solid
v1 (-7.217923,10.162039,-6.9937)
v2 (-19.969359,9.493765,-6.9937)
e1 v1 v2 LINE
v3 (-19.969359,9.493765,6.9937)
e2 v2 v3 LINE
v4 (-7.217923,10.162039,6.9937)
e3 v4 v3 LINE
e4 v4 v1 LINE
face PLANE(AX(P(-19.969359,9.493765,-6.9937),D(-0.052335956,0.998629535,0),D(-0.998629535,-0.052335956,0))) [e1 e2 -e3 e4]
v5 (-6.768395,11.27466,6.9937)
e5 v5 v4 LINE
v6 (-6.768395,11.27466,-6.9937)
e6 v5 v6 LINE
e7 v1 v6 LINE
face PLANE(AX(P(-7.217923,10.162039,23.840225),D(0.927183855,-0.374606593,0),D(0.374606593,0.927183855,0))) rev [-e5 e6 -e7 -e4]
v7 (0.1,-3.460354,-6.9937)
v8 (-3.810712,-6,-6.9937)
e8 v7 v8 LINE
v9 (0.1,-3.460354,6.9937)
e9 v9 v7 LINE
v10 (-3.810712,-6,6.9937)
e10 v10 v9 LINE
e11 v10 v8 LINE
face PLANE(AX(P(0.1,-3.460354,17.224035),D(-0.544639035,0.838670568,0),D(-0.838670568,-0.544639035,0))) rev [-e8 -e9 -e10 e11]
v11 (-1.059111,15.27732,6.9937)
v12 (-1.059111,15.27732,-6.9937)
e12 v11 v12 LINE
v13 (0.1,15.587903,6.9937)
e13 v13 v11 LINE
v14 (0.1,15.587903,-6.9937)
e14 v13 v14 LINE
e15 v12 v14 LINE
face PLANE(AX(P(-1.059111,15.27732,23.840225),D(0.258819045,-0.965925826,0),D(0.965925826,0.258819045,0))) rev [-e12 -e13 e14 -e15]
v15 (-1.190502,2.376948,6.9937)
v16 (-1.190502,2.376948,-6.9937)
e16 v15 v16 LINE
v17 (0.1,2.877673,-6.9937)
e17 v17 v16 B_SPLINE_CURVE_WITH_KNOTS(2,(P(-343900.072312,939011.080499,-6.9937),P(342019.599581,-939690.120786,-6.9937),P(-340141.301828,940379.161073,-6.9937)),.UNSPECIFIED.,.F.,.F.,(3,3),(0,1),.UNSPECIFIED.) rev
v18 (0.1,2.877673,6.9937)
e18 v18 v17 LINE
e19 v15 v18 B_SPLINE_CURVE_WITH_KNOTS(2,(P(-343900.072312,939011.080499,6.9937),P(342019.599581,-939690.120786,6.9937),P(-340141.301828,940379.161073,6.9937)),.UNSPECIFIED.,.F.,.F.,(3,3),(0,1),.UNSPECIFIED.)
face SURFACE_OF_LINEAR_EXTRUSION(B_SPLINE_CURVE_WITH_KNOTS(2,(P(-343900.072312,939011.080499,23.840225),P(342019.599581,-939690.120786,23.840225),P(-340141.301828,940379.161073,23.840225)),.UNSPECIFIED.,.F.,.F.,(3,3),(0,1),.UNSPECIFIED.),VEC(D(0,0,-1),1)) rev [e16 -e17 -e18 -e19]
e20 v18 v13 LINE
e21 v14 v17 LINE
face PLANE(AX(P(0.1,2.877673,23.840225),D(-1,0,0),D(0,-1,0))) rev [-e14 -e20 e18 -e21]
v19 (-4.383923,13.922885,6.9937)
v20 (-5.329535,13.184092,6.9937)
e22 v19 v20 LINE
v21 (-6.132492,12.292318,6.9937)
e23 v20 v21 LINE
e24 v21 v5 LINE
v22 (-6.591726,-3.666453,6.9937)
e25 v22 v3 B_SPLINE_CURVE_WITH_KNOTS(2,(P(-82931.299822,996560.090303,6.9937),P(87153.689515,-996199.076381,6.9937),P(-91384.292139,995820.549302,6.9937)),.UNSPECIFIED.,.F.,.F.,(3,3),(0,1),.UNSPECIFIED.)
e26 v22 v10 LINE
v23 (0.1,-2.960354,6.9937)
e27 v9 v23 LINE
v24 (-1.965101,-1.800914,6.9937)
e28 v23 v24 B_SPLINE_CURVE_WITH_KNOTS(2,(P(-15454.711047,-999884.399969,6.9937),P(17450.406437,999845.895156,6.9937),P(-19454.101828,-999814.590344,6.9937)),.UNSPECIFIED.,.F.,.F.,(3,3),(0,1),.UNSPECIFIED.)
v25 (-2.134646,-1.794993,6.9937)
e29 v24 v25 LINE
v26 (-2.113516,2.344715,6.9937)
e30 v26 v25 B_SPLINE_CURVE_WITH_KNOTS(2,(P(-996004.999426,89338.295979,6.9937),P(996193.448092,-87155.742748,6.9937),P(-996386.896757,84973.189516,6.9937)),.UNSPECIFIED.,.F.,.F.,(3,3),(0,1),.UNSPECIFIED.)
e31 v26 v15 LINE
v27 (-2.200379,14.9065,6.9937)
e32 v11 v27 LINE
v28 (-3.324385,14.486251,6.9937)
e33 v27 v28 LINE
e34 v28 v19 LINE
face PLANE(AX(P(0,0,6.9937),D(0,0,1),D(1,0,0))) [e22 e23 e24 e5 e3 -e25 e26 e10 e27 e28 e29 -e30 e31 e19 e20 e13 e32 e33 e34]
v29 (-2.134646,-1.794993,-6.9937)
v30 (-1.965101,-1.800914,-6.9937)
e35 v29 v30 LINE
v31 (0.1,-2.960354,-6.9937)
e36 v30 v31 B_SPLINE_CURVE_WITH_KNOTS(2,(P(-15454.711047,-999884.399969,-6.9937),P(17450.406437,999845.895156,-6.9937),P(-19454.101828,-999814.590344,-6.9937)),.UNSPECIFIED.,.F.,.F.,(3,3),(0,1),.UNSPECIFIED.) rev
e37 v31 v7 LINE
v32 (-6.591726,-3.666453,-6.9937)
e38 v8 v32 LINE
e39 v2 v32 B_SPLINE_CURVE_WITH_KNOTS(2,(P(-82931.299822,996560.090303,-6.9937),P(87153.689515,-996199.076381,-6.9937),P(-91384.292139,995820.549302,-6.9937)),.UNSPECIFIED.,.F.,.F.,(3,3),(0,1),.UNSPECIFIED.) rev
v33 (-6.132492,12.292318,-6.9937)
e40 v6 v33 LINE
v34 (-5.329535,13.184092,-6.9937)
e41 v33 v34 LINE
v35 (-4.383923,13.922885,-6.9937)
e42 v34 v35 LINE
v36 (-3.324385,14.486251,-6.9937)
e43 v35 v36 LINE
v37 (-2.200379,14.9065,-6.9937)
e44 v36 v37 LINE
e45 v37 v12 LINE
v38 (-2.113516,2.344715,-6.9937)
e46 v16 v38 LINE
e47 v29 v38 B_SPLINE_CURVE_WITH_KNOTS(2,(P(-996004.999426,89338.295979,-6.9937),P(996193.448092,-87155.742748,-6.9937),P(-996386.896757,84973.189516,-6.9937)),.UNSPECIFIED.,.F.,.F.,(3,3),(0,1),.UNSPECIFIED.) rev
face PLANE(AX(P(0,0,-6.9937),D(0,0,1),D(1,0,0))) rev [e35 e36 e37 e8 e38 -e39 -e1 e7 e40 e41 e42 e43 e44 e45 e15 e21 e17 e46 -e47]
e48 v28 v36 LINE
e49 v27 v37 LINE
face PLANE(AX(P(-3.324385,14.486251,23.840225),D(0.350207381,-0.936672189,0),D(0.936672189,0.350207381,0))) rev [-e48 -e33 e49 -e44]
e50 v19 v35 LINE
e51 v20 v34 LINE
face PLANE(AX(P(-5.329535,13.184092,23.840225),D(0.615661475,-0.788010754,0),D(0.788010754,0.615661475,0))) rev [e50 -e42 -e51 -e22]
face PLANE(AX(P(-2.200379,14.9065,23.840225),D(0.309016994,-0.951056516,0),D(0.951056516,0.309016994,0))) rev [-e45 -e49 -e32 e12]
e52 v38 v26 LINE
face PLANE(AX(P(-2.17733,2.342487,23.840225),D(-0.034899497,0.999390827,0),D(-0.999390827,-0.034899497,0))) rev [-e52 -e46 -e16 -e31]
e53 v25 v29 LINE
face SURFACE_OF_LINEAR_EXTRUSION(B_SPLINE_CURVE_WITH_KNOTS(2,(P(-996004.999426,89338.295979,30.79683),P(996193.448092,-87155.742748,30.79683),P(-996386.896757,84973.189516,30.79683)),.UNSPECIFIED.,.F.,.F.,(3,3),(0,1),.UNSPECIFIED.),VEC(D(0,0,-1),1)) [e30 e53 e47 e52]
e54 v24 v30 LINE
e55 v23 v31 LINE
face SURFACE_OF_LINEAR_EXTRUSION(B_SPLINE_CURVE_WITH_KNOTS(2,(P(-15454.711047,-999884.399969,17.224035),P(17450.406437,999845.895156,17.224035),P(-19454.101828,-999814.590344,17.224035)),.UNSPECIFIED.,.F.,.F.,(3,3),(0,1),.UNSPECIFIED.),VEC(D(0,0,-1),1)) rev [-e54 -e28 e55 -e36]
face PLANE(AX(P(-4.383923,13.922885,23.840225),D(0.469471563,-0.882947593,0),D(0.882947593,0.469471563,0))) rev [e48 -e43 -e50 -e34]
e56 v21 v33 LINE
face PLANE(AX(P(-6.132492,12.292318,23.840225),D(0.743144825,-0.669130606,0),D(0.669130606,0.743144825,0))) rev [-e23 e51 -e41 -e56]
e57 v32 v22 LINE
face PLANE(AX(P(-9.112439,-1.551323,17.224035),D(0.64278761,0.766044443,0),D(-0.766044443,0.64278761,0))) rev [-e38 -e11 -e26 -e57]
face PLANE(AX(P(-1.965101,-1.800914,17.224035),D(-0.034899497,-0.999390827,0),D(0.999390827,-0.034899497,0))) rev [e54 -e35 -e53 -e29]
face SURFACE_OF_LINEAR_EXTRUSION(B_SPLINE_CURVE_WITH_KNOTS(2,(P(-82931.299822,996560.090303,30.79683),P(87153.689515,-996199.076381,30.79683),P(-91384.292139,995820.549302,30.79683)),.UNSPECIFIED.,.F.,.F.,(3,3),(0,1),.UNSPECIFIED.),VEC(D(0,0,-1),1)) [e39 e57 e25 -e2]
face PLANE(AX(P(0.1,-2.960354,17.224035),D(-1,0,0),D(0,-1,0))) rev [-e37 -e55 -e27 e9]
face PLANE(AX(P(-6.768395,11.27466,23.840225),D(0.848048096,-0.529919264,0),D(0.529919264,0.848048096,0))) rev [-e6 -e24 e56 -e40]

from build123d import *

# Parameters (mm, degrees)
CROQUIS_BASE_DEPTH              = 6.9937
LENTE_PPAL_1_REACH              = 29.176
LENTE_PPAL_1_DIRECTION_2_REACH  = 29.176
LENTE_PPAL_2_DEPTH              = 28.175928622
LENTE_PPAL_2_DEPTH_BACK         = 28.175928622
CROQUIS9_3_OUTSIDE_W            = 30.065
CROQUIS9_3_OUTSIDE_H            = 25.937
LENTE_FRONTAL_REACH             = 25.403
LENTE_FRONTAL_DIRECTION_2_REACH = 25.403
LENTE_TRASERA_REACH             = 28.281
LENTE_TRASERA_DIRECTION_2_REACH = 28.281


with BuildPart() as part:
    # Croquis1 → croquis base (new, symmetric)
    with BuildSketch(Plane.XY):
        with BuildLine():
            Line((-6.994875026, 10.477389992), (-8.981845695, 12.608155172))
            Line((-8.981845695, 12.608155172), (-23.035921146, 11.871612288))
            Line((-23.035921146, 11.871612288), (-23.035921146, 11.54013782))
            ThreePointArc((-23.035921146, 11.54013782), (-20.949684518, 9.582335705), (-18.945192114, 7.540918896))
            add(Edge.make_bspline(
                [(-18.945192114, 7.540918896), (-10.215008384, -3.697644103), (-2.846604825, -5.059081104)],
                knots=[0.497667241, 0.497667241, 0.497667241, 0.49955428, 0.49955428, 0.49955428], degree=2))
            add(Edge.make_bspline(
                [(-2.846604825, -5.059081104), (-2.498165198, -4.87297933), (-2.177330417, -4.684462446)],
                knots=[0.498812075, 0.498812075, 0.498812075, 0.498911556, 0.498911556, 0.498911556], degree=2))
            Line((-2.177330418, -4.684462446), (-2.177330418, 6.186438919))
            add(Edge.make_bspline(
                [(-2.177330418, 6.186438919), (-4.063319702, 8.141636997), (-6.994875026, 10.477389992)],
                knots=[0.50138293, 0.50138293, 0.50138293, 0.502013312, 0.502013312, 0.502013312], degree=2))
        make_face()
    extrude(amount=CROQUIS_BASE_DEPTH, both=True)

    # lente ppal 1: up to this face of the body (flat: up to its plane)
    lente_ppal_1_end = Plane(part.part.faces().sort_by_distance((-10.153546236, 5.159655324, 6.9937))[0])
    # Croquis9 → lente ppal 1 (add, up to the picked face)
    with BuildSketch(Plane.XY, mode=Mode.PRIVATE) as lente_ppal_1_sk1:
        with BuildLine():
            Line((-2.177330418, -4.388282022), (-2.177330418, -1.840420572))
            add(Edge.make_bspline(
                [(-2.177330418, 2.424232079), (-0.304369248, 0.128042884), (-2.177330418, -1.840420572)],
                knots=[0, 0, 0, 1, 1, 1], degree=2))
            Line((-2.177330418, 2.424232079), (-2.177330418, 6.082860828))
            Line((-2.177330418, 6.082860828), (-10.309820395, 10))
            Line((-10.309820395, 10), (-19.969359014, 9.493765032))
            add(Edge.make_bspline(
                [(-2.177330418, -4.388282022), (-10.4130765, -4.994158739), (-19.969359014, 9.493765032)],
                knots=[0, 0, 0, 1, 1, 1], degree=2))
        make_face()
    lente_ppal_1_tool1 = split(extrude(lente_ppal_1_sk1.sketch, amount=LENTE_PPAL_1_REACH, mode=Mode.PRIVATE), bisect_by=lente_ppal_1_end, keep=Keep.BOTH, mode=Mode.PRIVATE)
    add(lente_ppal_1_tool1.solids().sort_by(Axis((-9.106368, 3.599172, 0), (0, 0, 1)))[0])

    # lente ppal 1 direction 2: up to this face of the body (flat: up to its plane)
    lente_ppal_1_direction_2_end = Plane(part.part.faces().sort_by_distance((-10.153546236, 5.159655324, -6.9937))[0])
    # Croquis9 → lente ppal 1 direction 2 (add, up to the picked face)
    with BuildSketch(Plane.XY, mode=Mode.PRIVATE) as lente_ppal_1_direction_2_sk1:
        with BuildLine():
            Line((-2.177330418, -4.388282022), (-2.177330418, -1.840420572))
            add(Edge.make_bspline(
                [(-2.177330418, 2.424232079), (-0.304369248, 0.128042884), (-2.177330418, -1.840420572)],
                knots=[0, 0, 0, 1, 1, 1], degree=2))
            Line((-2.177330418, 2.424232079), (-2.177330418, 6.082860828))
            Line((-2.177330418, 6.082860828), (-10.309820395, 10))
            Line((-10.309820395, 10), (-19.969359014, 9.493765032))
            add(Edge.make_bspline(
                [(-2.177330418, -4.388282022), (-10.4130765, -4.994158739), (-19.969359014, 9.493765032)],
                knots=[0, 0, 0, 1, 1, 1], degree=2))
        make_face()
    lente_ppal_1_direction_2_tool1 = split(extrude(lente_ppal_1_direction_2_sk1.sketch, amount=-LENTE_PPAL_1_DIRECTION_2_REACH, mode=Mode.PRIVATE), bisect_by=lente_ppal_1_direction_2_end, keep=Keep.BOTH, mode=Mode.PRIVATE)
    add(lente_ppal_1_direction_2_tool1.solids().sort_by(Axis((-9.106368, 3.599172, 0), (0, 0, -1)))[0])

    # Croquis9<3> outside → lente ppal 2 (cut, two sides: drawn at the far end of the back side and taken through both)
    with BuildSketch(Plane.XY.offset(-LENTE_PPAL_2_DEPTH_BACK)):
        with Locations((-12.1385, 3.7745)):
            Rectangle(CROQUIS9_3_OUTSIDE_W, CROQUIS9_3_OUTSIDE_H)
        with BuildLine():
            Line((-2.177330418, -1.840420572), (-2.177330418, -4.388282022))
            add(Edge.make_bspline(
                [(-2.177330418, -4.388282022), (-10.4130765, -4.994158739), (-19.969359014, 9.493765032)],
                knots=[0, 0, 0, 1, 1, 1], degree=2))
            Line((-19.969359014, 9.493765032), (-10.309820395, 10))
            Line((-10.309820395, 10), (-2.177330418, 6.082860828))
            Line((-2.177330418, 6.082860828), (-2.177330418, 2.424232079))
            add(Edge.make_bspline(
                [(-2.177330418, 2.424232079), (-0.304369248, 0.128042884), (-2.177330418, -1.840420572)],
                knots=[0, 0, 0, 1, 1, 1], degree=2))
        make_face(mode=Mode.SUBTRACT)
    extrude(amount=LENTE_PPAL_2_DEPTH + LENTE_PPAL_2_DEPTH_BACK, mode=Mode.SUBTRACT)

    # lente frontal: up to this face of the body (flat: up to its plane)
    lente_frontal_end = Plane(part.part.faces().sort_by_distance((-9.106367081, 3.599171888, 6.9937))[0])
    # Croquis8 → lente frontal (add, up to the picked face)
    with BuildSketch(Plane.XY, mode=Mode.PRIVATE) as lente_frontal_sk1:
        with BuildLine():
            Line((0.1, 2.877673418), (0.1, 15.587903347))
            Line((0.1, 15.587903347), (-1.059110992, 15.277320493))
            Line((-1.059110992, 15.277320493), (-2.200378811, 14.9065001))
            Line((-2.200378811, 14.9065001), (-3.324385438, 14.486251242))
            Line((-3.324385438, 14.486251242), (-4.38392255, 13.922885367))
            Line((-4.38392255, 13.922885367), (-5.329535454, 13.184091597))
            Line((-5.329535454, 13.184091597), (-6.132492182, 12.292317806))
            Line((-6.132492182, 12.292317806), (-6.768395299, 11.274660091))
            Line((-6.768395299, 11.274660091), (-7.217923211, 10.162039465))
            Line((-7.217923211, 10.162039465), (-10.309820395, 10))
            Line((-10.309820395, 10), (-2.177330418, 2.342487007))
            Line((-2.177330418, 2.342487007), (-1.190501641, 2.376947827))
            add(Edge.make_bspline(
                [(-1.190501641, 2.376947827), (-0.463368169, 2.402339888), (0.1, 2.877673418)],
                knots=[0, 0, 0, 1, 1, 1], degree=2))
        make_face()
    lente_frontal_tool1 = split(extrude(lente_frontal_sk1.sketch, amount=LENTE_FRONTAL_REACH, mode=Mode.PRIVATE), bisect_by=lente_frontal_end, keep=Keep.BOTH, mode=Mode.PRIVATE)
    add(lente_frontal_tool1.solids().sort_by(Axis((-3.290182, 8.96302, 0), (0, 0, 1)))[0])

    # lente frontal direction 2: up to this face of the body (flat: up to its plane)
    lente_frontal_direction_2_end = Plane(part.part.faces().sort_by_distance((-9.106367081, 3.599171888, -6.9937))[0])
    # Croquis8 → lente frontal direction 2 (add, up to the picked face)
    with BuildSketch(Plane.XY, mode=Mode.PRIVATE) as lente_frontal_direction_2_sk1:
        with BuildLine():
            Line((0.1, 2.877673418), (0.1, 15.587903347))
            Line((0.1, 15.587903347), (-1.059110992, 15.277320493))
            Line((-1.059110992, 15.277320493), (-2.200378811, 14.9065001))
            Line((-2.200378811, 14.9065001), (-3.324385438, 14.486251242))
            Line((-3.324385438, 14.486251242), (-4.38392255, 13.922885367))
            Line((-4.38392255, 13.922885367), (-5.329535454, 13.184091597))
            Line((-5.329535454, 13.184091597), (-6.132492182, 12.292317806))
            Line((-6.132492182, 12.292317806), (-6.768395299, 11.274660091))
            Line((-6.768395299, 11.274660091), (-7.217923211, 10.162039465))
            Line((-7.217923211, 10.162039465), (-10.309820395, 10))
            Line((-10.309820395, 10), (-2.177330418, 2.342487007))
            Line((-2.177330418, 2.342487007), (-1.190501641, 2.376947827))
            add(Edge.make_bspline(
                [(-1.190501641, 2.376947827), (-0.463368169, 2.402339888), (0.1, 2.877673418)],
                knots=[0, 0, 0, 1, 1, 1], degree=2))
        make_face()
    lente_frontal_direction_2_tool1 = split(extrude(lente_frontal_direction_2_sk1.sketch, amount=-LENTE_FRONTAL_DIRECTION_2_REACH, mode=Mode.PRIVATE), bisect_by=lente_frontal_direction_2_end, keep=Keep.BOTH, mode=Mode.PRIVATE)
    add(lente_frontal_direction_2_tool1.solids().sort_by(Axis((-3.290182, 8.96302, 0), (0, 0, -1)))[0])

    # lente trasera: up to this face of the body (flat: up to its plane)
    lente_trasera_end = Plane(part.part.faces().sort_by_distance((-7.357064552, 5.305385386, 6.9937))[0])
    # Croquis11 → lente trasera (add, up to the picked face)
    with BuildSketch(Plane.XY, mode=Mode.PRIVATE) as lente_trasera_sk1:
        with BuildLine():
            Line((0.1, -2.960353775), (0.1, -3.460353775))
            Line((0.1, -3.460353775), (-3.810712242, -6))
            Line((-3.810712242, -6), (-9.112438619, -1.551323352))
            Line((-9.112438619, -1.551323352), (-1.965100505, -1.800913899))
            add(Edge.make_bspline(
                [(-1.965100505, -1.800913899), (-0.923066369, -1.837302533), (0.1, -2.960353775)],
                knots=[0, 0, 0, 1, 1, 1], degree=2))
        make_face()
    lente_trasera_tool1 = split(extrude(lente_trasera_sk1.sketch, amount=LENTE_TRASERA_REACH, mode=Mode.PRIVATE), bisect_by=lente_trasera_end, keep=Keep.BOTH, mode=Mode.PRIVATE)
    add(lente_trasera_tool1.solids().sort_by(Axis((-3.971821, -3.263775, 0), (0, 0, 1)))[0])

    # lente trasera direction 2: up to this face of the body (flat: up to its plane)
    lente_trasera_direction_2_end = Plane(part.part.faces().sort_by_distance((-7.357064552, 5.305385386, -6.9937))[0])
    # Croquis11 → lente trasera direction 2 (add, up to the picked face)
    with BuildSketch(Plane.XY, mode=Mode.PRIVATE) as lente_trasera_direction_2_sk1:
        with BuildLine():
            Line((0.1, -2.960353775), (0.1, -3.460353775))
            Line((0.1, -3.460353775), (-3.810712242, -6))
            Line((-3.810712242, -6), (-9.112438619, -1.551323352))
            Line((-9.112438619, -1.551323352), (-1.965100505, -1.800913899))
            add(Edge.make_bspline(
                [(-1.965100505, -1.800913899), (-0.923066369, -1.837302533), (0.1, -2.960353775)],
                knots=[0, 0, 0, 1, 1, 1], degree=2))
        make_face()
    lente_trasera_direction_2_tool1 = split(extrude(lente_trasera_direction_2_sk1.sketch, amount=-LENTE_TRASERA_DIRECTION_2_REACH, mode=Mode.PRIVATE), bisect_by=lente_trasera_direction_2_end, keep=Keep.BOTH, mode=Mode.PRIVATE)
    add(lente_trasera_direction_2_tool1.solids().sort_by(Axis((-3.971821, -3.263775, 0), (0, 0, -1)))[0])


solid = part.part
